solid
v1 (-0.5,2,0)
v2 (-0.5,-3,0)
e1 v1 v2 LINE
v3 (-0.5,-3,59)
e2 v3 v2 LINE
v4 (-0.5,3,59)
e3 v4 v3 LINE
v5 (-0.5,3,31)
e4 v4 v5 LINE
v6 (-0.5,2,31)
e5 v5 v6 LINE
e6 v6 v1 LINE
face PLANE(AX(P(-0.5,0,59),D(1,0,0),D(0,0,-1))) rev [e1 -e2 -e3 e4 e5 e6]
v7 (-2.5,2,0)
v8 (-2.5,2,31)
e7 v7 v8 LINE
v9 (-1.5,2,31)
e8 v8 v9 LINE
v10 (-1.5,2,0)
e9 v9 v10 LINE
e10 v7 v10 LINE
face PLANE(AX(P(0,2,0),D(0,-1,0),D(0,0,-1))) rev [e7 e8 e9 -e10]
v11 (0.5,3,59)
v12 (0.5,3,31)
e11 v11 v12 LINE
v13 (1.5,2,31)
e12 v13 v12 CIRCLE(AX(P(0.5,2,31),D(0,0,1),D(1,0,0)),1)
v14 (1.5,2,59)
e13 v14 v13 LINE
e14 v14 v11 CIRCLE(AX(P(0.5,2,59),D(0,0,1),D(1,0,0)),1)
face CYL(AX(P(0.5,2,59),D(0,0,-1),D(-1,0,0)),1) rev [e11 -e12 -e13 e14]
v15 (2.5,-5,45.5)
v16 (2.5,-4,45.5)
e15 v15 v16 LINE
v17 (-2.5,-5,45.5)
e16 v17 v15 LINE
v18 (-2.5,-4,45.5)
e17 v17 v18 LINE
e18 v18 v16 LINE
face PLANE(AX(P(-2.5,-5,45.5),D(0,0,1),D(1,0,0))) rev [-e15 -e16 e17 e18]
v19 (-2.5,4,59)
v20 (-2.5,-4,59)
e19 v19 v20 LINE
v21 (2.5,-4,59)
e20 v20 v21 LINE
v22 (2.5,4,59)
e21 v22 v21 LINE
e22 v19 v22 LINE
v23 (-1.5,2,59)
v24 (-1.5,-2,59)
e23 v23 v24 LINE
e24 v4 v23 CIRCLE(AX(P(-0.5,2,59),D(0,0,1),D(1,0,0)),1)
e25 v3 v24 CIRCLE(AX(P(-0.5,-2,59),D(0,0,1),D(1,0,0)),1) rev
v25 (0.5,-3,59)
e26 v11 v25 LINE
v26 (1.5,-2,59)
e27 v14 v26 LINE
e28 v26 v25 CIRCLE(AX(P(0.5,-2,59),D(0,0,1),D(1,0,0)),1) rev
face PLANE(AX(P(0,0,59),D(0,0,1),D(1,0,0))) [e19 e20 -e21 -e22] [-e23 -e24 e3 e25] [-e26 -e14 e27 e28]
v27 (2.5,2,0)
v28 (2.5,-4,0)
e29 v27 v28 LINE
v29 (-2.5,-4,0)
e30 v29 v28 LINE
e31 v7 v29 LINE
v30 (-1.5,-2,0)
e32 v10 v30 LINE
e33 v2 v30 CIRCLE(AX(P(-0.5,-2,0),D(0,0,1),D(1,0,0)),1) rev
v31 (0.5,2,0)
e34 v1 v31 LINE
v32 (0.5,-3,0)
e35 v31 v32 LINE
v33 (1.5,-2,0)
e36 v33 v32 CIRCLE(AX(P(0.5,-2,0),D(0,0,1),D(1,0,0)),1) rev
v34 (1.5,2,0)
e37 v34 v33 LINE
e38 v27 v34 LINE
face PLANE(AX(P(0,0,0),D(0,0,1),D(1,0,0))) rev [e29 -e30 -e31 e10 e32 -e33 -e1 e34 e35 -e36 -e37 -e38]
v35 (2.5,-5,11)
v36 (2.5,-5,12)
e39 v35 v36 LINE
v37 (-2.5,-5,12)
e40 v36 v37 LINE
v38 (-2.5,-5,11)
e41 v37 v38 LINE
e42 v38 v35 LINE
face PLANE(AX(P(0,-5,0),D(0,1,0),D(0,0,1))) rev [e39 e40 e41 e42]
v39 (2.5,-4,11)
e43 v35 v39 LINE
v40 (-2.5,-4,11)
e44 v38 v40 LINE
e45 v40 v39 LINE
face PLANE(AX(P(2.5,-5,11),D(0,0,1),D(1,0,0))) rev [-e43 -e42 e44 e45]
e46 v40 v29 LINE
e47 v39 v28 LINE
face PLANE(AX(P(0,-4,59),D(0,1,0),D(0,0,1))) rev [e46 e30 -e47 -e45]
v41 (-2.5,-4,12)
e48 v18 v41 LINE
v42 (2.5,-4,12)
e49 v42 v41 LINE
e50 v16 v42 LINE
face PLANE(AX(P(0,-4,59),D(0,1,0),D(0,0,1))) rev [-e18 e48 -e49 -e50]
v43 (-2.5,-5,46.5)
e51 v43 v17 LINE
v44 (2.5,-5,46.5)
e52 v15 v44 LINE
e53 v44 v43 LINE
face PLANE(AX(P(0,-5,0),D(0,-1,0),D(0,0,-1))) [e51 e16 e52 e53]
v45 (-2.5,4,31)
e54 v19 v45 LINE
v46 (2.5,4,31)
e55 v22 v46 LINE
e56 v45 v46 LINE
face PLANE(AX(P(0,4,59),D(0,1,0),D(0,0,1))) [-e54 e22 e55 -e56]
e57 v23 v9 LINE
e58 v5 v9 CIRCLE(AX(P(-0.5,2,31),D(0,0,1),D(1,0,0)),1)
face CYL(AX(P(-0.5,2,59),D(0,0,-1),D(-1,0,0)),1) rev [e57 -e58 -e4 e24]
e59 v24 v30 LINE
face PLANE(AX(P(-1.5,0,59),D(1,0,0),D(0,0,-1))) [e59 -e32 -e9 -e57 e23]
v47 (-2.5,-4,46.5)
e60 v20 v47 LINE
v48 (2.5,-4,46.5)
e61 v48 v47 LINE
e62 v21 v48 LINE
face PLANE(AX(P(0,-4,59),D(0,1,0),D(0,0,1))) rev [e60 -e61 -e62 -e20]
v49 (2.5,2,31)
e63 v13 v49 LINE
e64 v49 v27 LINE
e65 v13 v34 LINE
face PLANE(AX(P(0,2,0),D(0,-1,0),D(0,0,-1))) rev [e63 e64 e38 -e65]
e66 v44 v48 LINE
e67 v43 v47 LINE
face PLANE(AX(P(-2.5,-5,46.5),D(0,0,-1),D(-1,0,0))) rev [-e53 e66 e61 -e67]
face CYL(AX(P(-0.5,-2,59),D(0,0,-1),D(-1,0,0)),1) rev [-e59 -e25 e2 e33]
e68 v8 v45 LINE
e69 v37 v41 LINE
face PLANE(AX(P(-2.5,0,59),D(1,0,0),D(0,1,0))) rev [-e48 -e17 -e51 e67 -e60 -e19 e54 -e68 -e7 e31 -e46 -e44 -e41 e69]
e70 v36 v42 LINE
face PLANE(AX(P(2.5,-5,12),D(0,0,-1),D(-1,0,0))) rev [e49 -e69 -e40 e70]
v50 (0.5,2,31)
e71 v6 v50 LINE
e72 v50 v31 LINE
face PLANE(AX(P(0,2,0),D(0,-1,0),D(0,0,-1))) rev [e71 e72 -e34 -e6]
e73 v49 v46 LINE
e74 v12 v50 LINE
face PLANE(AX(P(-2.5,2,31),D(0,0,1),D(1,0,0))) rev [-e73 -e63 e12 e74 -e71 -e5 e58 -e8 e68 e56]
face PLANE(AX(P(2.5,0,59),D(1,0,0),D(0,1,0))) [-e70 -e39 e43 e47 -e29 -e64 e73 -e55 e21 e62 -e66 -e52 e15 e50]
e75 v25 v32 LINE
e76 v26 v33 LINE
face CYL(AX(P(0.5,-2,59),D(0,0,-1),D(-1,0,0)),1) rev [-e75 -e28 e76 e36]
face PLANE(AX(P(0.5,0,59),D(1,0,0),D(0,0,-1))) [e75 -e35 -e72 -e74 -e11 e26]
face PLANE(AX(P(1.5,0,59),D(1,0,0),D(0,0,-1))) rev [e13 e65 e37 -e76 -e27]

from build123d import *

# Parameters (mm, degrees)
SKETCH1_W           = 5
SKETCH1_H           = 8
BOSS_EXTRUDE3_DEPTH = 59
SKETCH8_W           = 5
SKETCH8_H           = 1
BOSS_EXTRUDE5_DEPTH = 1
SKETCH10_W          = 5
SKETCH10_H          = 1
BOSS_EXTRUDE7_DEPTH = 1
SKETCH6_W           = 5
SKETCH6_H           = 31
CUT_EXTRUDE1_DEPTH  = 2


with BuildPart() as part:
    # Sketch1 → Boss-Extrude3 (new body)
    with BuildSketch(Plane.XY):
        Rectangle(SKETCH1_W, SKETCH1_H)
        with BuildLine():
            Line((-1.5, 2), (-1.5, -2))
            ThreePointArc((-1.5, -2), (-1.207106781, -2.707106781), (-0.5, -3))
            Line((-0.5, -3), (-0.5, 3))
            ThreePointArc((-0.5, 3), (-1.207106781, 2.707106781), (-1.5, 2))
        make_face(mode=Mode.SUBTRACT)
        with BuildLine():
            Line((1.5, 2), (1.5, -2))
            ThreePointArc((1.5, -2), (1.207106781, -2.707106781), (0.5, -3))
            Line((0.5, -3), (0.5, 3))
            ThreePointArc((0.5, 3), (1.207106781, 2.707106781), (1.5, 2))
        make_face(mode=Mode.SUBTRACT)
    extrude(amount=BOSS_EXTRUDE3_DEPTH)

    # Sketch8 → Boss-Extrude5 (add)
    with BuildSketch(Plane.XZ.offset(4)):
        with Locations((0, 11.5)):
            Rectangle(SKETCH8_W, SKETCH8_H)
    extrude(amount=BOSS_EXTRUDE5_DEPTH)

    # Sketch10 → Boss-Extrude7 (add)
    with BuildSketch(Plane.XZ.offset(4)):
        with Locations((0, 46)):
            Rectangle(SKETCH10_W, SKETCH10_H)
    extrude(amount=BOSS_EXTRUDE7_DEPTH)

    # Sketch6 → Cut-Extrude1 (cut)
    with BuildSketch(Plane(origin=(0, 4, 0), x_dir=(1, 0, 0), z_dir=(0, 1, 0))):
        with Locations((0, -15.5)):
            Rectangle(SKETCH6_W, SKETCH6_H)
    extrude(amount=-CUT_EXTRUDE1_DEPTH, mode=Mode.SUBTRACT)


solid = part.part
